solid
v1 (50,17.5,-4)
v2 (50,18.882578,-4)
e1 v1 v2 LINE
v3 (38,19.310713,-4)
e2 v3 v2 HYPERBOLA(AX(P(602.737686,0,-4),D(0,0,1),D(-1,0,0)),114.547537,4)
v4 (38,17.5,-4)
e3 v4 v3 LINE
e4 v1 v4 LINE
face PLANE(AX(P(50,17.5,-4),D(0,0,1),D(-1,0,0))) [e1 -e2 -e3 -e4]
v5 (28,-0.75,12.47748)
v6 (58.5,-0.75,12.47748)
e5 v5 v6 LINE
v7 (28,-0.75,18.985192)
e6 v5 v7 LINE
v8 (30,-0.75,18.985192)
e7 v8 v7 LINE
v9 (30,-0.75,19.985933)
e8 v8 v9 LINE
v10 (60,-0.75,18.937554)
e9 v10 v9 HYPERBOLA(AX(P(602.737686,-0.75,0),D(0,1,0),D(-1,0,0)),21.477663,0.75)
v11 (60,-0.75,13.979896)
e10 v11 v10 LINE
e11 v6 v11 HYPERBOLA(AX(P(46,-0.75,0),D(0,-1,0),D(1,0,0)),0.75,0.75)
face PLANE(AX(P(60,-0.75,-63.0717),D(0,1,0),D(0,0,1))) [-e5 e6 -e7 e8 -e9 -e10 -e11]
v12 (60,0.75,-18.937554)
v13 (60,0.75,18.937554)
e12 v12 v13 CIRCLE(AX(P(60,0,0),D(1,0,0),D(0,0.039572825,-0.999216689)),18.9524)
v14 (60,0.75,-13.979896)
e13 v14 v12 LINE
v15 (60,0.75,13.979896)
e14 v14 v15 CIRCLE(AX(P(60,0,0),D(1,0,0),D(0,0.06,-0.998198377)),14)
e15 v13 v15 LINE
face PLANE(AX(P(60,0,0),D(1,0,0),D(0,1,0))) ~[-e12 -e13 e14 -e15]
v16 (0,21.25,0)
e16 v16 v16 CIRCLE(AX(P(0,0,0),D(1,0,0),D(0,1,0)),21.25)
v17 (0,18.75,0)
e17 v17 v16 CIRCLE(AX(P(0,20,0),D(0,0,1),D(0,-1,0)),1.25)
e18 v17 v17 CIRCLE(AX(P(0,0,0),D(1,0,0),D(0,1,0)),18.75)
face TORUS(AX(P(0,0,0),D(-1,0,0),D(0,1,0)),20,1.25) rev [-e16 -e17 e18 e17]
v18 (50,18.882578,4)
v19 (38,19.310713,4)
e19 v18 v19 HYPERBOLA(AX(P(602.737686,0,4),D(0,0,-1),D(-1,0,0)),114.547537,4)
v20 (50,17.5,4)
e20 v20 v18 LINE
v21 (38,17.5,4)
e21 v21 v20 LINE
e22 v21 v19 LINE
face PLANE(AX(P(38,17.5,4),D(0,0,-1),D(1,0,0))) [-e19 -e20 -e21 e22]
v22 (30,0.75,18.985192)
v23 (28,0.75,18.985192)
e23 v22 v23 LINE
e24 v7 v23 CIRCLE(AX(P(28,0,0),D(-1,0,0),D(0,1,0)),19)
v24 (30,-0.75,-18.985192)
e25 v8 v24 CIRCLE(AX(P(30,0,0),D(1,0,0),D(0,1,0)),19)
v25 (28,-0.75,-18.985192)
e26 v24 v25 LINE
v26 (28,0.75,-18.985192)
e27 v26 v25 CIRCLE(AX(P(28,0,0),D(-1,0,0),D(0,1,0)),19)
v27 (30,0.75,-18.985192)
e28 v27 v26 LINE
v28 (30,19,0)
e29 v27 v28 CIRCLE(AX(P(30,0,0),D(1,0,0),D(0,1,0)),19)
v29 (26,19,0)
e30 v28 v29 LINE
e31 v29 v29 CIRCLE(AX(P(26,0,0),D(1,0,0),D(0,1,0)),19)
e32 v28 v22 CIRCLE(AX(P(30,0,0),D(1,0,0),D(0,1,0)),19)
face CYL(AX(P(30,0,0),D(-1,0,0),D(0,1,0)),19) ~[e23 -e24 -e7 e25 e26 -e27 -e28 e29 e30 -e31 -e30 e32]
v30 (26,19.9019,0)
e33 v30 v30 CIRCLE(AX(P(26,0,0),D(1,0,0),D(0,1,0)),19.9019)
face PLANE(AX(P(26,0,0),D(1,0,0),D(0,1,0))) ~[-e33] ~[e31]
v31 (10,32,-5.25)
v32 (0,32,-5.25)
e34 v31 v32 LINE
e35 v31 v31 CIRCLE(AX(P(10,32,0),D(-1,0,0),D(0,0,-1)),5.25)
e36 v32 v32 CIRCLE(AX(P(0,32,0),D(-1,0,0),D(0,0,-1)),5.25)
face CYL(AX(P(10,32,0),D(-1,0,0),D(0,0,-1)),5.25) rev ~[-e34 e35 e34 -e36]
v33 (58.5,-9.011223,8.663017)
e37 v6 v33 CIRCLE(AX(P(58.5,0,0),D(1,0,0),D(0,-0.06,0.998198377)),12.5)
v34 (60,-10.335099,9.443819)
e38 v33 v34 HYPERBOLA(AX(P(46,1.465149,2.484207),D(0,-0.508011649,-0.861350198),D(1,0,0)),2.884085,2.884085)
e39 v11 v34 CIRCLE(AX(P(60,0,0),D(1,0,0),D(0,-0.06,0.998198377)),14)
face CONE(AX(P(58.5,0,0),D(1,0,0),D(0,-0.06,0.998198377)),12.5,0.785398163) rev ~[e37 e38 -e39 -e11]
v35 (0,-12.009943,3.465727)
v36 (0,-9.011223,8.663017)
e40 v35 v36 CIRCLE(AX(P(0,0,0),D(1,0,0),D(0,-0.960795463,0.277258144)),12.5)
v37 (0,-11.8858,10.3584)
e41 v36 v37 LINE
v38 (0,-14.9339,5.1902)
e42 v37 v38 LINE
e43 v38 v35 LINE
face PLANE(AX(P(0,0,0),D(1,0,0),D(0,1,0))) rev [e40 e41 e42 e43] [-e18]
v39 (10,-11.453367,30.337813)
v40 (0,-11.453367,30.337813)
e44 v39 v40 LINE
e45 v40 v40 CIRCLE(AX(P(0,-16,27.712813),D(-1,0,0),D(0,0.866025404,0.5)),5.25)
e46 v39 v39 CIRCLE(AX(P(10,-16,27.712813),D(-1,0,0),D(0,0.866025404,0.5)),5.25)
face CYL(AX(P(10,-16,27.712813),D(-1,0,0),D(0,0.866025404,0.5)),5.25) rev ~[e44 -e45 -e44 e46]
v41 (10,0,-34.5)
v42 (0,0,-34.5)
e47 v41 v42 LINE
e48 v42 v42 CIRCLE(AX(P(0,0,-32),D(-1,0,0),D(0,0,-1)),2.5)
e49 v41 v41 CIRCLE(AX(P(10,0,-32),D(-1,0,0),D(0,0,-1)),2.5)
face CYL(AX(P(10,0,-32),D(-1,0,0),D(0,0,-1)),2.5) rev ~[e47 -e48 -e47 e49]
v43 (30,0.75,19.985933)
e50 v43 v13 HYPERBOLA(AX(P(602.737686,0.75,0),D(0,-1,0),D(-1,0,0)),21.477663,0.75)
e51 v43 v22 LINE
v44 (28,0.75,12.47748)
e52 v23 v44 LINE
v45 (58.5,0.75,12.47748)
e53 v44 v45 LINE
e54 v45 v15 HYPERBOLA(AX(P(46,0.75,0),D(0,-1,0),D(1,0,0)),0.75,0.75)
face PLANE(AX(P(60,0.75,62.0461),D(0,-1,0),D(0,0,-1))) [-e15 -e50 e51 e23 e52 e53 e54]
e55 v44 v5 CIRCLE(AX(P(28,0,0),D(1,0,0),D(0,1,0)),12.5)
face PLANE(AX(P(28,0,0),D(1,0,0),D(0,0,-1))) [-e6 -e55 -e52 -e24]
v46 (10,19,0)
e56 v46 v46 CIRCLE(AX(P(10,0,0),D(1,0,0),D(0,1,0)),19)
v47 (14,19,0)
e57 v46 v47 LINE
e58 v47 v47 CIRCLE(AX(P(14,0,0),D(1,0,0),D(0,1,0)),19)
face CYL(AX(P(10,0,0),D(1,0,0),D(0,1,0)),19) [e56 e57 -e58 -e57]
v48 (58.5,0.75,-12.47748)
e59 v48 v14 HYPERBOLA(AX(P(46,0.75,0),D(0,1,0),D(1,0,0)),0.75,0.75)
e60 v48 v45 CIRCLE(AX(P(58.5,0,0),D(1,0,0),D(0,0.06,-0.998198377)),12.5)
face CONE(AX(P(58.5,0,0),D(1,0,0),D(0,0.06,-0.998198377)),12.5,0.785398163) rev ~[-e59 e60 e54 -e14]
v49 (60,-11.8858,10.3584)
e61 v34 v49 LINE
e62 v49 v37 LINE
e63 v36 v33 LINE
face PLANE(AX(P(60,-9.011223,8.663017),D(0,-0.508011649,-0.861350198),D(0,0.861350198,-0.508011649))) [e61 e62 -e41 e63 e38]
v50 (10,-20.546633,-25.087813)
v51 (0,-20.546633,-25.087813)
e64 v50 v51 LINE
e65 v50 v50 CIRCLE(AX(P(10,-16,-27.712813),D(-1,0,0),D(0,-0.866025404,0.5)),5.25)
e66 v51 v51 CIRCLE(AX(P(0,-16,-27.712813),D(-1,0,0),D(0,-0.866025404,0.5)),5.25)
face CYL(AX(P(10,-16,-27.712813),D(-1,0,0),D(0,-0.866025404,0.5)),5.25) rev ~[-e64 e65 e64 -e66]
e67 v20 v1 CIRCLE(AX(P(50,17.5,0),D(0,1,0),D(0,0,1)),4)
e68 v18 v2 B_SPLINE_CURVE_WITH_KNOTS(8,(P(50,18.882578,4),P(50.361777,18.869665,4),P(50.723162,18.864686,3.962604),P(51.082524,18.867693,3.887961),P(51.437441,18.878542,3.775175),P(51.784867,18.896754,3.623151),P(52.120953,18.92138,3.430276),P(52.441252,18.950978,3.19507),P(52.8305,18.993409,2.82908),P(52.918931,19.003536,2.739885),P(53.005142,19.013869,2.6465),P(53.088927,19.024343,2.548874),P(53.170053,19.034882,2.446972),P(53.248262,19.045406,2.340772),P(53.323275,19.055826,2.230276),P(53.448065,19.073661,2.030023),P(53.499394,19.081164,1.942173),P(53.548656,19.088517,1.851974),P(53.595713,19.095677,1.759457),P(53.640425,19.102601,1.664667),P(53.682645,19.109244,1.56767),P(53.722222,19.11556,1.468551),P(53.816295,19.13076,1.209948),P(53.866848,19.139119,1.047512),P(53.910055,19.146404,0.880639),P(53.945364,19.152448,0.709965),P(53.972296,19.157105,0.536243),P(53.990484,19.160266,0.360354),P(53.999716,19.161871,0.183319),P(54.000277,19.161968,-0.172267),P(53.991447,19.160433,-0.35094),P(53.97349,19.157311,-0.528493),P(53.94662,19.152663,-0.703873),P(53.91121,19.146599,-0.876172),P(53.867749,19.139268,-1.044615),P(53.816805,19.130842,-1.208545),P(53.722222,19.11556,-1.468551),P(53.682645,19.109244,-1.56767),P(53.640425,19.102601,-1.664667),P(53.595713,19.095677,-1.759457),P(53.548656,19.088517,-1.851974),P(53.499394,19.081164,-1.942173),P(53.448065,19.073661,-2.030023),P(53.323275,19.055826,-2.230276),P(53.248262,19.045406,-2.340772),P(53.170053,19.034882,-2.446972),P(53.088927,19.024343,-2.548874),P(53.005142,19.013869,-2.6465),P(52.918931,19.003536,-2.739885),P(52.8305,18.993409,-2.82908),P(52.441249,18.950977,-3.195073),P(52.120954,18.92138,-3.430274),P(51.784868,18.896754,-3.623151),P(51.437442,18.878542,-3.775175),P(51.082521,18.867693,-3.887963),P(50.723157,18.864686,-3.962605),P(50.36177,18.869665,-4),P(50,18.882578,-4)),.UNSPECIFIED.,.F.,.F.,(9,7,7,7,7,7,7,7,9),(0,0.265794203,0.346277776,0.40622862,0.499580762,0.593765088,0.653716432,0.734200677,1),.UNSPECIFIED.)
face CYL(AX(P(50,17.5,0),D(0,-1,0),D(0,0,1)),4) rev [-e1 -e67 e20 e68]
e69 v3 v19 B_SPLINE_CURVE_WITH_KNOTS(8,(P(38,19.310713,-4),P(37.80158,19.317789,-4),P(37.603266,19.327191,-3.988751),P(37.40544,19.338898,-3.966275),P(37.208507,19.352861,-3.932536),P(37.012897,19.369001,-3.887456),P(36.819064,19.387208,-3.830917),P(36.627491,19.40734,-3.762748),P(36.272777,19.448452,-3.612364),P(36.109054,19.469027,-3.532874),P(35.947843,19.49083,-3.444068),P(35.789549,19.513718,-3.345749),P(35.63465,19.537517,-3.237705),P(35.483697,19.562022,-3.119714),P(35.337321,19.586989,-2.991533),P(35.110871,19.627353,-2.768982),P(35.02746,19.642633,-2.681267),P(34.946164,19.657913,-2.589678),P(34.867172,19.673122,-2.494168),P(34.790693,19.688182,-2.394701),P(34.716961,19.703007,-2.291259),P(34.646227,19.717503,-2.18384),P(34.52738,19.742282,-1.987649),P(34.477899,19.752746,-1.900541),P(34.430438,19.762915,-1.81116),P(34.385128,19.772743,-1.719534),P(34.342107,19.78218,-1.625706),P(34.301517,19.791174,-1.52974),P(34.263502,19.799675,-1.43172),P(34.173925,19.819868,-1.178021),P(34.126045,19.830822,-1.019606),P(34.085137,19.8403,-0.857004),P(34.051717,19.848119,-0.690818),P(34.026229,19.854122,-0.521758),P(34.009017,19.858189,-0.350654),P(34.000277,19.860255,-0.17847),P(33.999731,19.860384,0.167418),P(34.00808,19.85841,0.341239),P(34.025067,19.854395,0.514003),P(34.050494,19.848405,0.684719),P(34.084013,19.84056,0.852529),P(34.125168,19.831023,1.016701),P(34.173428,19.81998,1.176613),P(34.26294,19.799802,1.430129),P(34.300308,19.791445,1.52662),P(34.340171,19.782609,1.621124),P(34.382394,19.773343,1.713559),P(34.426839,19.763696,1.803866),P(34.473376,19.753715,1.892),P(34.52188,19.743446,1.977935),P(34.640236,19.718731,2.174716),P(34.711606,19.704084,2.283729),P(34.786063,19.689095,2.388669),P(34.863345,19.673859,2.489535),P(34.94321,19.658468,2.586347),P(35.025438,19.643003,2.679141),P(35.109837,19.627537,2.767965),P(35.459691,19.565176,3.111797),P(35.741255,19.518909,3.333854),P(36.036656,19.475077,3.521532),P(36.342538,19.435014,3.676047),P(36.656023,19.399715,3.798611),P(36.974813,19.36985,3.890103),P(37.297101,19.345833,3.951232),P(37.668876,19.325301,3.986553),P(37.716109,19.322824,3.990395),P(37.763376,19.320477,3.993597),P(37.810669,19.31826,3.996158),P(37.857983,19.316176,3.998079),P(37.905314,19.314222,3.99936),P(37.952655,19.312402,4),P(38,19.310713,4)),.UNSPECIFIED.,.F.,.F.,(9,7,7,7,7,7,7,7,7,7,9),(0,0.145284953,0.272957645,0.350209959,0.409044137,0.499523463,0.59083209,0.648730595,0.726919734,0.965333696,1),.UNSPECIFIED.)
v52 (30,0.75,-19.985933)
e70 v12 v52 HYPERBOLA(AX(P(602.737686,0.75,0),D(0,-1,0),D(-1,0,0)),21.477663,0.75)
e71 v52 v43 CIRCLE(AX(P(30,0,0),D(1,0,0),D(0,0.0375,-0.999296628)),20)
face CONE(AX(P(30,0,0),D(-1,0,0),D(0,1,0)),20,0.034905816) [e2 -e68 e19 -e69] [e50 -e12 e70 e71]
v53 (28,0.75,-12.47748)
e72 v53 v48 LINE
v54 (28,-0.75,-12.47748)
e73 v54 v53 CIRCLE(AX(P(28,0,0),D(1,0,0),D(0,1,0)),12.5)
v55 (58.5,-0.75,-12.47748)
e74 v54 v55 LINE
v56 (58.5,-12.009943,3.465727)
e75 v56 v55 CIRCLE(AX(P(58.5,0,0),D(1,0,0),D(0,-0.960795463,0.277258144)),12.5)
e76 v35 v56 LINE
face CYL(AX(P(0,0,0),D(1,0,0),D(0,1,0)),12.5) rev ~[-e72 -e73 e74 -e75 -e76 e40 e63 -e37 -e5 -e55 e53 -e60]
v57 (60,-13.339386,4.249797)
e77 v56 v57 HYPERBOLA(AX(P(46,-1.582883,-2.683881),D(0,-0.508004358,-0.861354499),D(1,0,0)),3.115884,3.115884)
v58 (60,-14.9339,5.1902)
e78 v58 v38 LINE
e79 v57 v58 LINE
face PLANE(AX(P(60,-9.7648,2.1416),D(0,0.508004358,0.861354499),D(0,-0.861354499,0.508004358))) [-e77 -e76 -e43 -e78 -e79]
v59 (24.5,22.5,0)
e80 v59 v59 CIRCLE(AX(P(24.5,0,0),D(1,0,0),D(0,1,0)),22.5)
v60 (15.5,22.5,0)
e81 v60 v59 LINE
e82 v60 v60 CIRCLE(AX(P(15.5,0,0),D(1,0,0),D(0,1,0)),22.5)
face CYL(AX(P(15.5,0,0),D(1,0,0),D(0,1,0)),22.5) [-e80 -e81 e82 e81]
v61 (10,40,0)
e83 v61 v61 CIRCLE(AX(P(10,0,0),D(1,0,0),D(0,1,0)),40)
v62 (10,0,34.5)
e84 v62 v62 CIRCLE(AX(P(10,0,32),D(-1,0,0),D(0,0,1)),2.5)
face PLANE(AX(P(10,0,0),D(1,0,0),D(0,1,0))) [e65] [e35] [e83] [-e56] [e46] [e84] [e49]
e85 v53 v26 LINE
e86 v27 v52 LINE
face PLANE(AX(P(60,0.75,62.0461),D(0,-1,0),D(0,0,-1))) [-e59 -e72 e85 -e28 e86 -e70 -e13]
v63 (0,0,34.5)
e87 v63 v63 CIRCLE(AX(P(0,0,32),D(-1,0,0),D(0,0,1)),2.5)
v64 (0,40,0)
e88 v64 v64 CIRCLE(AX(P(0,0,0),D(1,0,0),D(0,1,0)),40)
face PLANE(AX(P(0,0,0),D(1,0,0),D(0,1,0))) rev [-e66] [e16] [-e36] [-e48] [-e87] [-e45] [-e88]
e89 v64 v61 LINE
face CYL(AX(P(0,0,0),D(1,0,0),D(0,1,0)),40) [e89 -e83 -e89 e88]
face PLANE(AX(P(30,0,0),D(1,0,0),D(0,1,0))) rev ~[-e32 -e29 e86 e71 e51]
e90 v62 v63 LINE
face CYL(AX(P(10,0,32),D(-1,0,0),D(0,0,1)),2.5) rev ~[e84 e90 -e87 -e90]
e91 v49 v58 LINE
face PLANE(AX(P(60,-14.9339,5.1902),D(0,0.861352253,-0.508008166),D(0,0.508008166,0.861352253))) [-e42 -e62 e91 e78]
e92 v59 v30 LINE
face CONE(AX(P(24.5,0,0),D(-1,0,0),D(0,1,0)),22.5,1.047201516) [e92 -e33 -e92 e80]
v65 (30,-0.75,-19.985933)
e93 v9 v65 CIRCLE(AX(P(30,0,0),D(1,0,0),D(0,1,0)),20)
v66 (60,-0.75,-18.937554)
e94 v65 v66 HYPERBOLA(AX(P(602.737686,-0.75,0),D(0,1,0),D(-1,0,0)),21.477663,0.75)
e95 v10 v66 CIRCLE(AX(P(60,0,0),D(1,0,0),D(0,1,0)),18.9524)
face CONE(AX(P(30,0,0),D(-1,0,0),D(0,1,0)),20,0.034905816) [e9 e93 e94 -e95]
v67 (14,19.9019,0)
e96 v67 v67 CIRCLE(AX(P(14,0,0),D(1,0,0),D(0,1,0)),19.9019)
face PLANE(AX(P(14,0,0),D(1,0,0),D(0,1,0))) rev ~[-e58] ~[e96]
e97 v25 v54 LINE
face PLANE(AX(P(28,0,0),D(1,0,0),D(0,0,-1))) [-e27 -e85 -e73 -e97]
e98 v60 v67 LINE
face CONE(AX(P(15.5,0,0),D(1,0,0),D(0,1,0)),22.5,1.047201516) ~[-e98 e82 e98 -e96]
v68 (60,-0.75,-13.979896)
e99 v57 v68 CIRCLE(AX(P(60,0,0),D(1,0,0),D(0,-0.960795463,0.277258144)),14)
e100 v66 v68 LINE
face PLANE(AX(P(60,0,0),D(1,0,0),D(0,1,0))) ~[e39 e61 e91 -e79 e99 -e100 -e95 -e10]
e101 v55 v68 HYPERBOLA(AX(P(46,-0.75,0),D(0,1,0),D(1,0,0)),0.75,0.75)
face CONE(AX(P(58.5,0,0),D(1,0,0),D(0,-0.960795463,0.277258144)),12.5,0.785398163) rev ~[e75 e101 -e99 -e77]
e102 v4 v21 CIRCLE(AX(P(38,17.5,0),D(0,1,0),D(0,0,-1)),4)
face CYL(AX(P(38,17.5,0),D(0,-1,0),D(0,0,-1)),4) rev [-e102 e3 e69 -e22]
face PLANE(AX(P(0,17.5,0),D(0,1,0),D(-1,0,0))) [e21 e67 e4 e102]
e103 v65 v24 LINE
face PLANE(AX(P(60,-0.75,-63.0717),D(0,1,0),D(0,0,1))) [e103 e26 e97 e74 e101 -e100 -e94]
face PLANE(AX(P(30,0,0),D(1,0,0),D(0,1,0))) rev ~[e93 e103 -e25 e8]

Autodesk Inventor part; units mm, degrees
ref_plane "YZ Plane" through (0, 0, 0) normal (1, 0, 0) x (0, 1, 0)
ref_plane "XY Plane" through (0, 0, 0) normal (0, 0, 1) x (1, 0, 0)
sketch "Sketch1" plane through (0, 0, 0) normal (0, 0, 1) x (1, 0, 0)
  line L0 (0, 0) -> (60, 0)
  line L1 (0, 0) -> (0, 12.5) construction
  line L2 (0, 40) -> (10, 40)
  line L3 (10, 40) -> (10, 19)
  line L4 (10, 19) -> (14, 19)
  line L5 (0, 12.5) -> (60, 12.5)
  line L6 (60, 12.5) -> (60, 18.9524)
  line L7 (30, 20) -> (30, 19)
  line L8 (30, 19) -> (26, 19)
  line L9 (26, 19) -> (26, 19.9019)
  line L10 (14, 19.9019) -> (14, 19)
  line L11 (15.5, 22.5) -> (14, 19.9019)
  line L12 (15.5, 22.5) -> (24.5, 22.5)
  line L13 (24.5, 22.5) -> (26, 19.9019)
  line L14 (30, 20) -> (60, 18.9524)
  line L15 (30, 20) -> (60.0183, 20) construction
  arc A0 (0, 18.75) -> (0, 21.25) centre (0, 20) ccw
  line L16 (0, 12.5) -> (0, 18.75)
  line L17 (0, 21.25) -> (0, 40)
  dimension "d0" = 60
  dimension "d1" = 12.5
  dimension "d2" = 27.5
  dimension "d3" = 10
  dimension "d4" = 21
  dimension "d5" = 4
  dimension "d9" = 4
  dimension "d11" = 1
  dimension "d20" = 1.5
  dimension "d21" = 60
  dimension "d22" = 1.5
  dimension "d23" = 60
  dimension "d25" = 0.9019
  dimension "d26" = 0.9019
  dimension "d28" = 60
  dimension "d29" = 2
  dimension "d30" = 7.5
  dimension "d31" = 9
  dimension "d32" = 2.5
  dimension "d33" = 40
revolve "Revolution1" add sketch "Sketch1" angle 360 about axis through (0, 0, 0) along (1, 0, 0)
sketch "Sketch2" plane through (10, 0, 0) normal (1, 0, 0) x (0, 0, -1)
  point P0 (0, 0)
  point P1 (0, 32)
hole "Hole1" at (10, 32, 0) direction (-1, 0, 0) diameter 10.5 end through all
pattern_circular "Circular Pattern1" count 3 over 360 about axis through (30, 0, 0) along (1, 0, 0) of "Hole1"
sketch "Sketch3" plane through (10, 0, 0) normal (1, 0, 0) x (0, 0, -1)
  point P0 (0, 0)
  point P1 (0, 0)
  point P2 (32, 0)
hole "Hole2" at (10, 0, 0) at (10, 0, -32) direction (-1, 0, 0) diameter 5 end through all
pattern_circular "Circular Pattern2" count 2 over 360 about axis through (30, 0, 0) along (1, 0, 0) of "Hole2"
sketch "Sketch4" plane through (60, 0, 0) normal (1, 0, 0) x (0, 0, -1)
  line L0 (-62.0461, 0.75) -> (63.0717, 0.75)
  line L1 (63.0717, 0.75) -> (63.0717, -0.75)
  line L2 (63.0717, -0.75) -> (-62.0461, -0.75)
  line L3 (-62.0461, -0.75) -> (-62.0461, 0.75)
  point P0 (0, 0)
  dimension "d55" = 1.5
  dimension "d56" = 0.75
extrude "Extrusion1" cut sketch "Sketch4" against normal blind 32
sketch "Sketch5" plane through (60, 0, 0) normal (1, 0, 0) x (0, 0, -1)
  line L0 (0, 0) -> (-26.5, -45.8993)
  line L1 (0, 0) -> (53, 0) construction
  line L2 (-2.1416, -9.7648) -> (-5.1902, -14.9339)
  line L3 (-5.1902, -14.9339) -> (-10.3584, -11.8858)
  line L4 (-10.3584, -11.8858) -> (-7.3098, -6.7168)
  line L5 (-7.3098, -6.7168) -> (-2.1416, -9.7648)
  circle A0 centre (0, 0) radius 12.5 projected
  line L6 (-2.1416, -9.7648) -> (-10.3584, -11.8858) construction
  line L7 (-5.1902, -14.9339) -> (-7.3098, -6.7168) construction
  point P0 (-6.25, -10.8253)
  dimension "d59" = 53
  dimension "d60" = 120
  dimension "d61" = 6
  dimension "d62" = 15.5
extrude "Extrusion2" cut sketch "Sketch5" against normal through all contours L5 L2 A0 L0 | L0 A0 L4 L5 | A0 L2 L3 L0 | L0 L3 L4 A0
chamfer "Chamfer1" distance 1.5 angle 45 3 edges at (60, -5.24, 11.3487) (60, 12.5, 0) (60, -10.2103, -7.2111)
thread "Thread1" size "M45x1.5" class "6g" standard "ISO Metric profile" full length
ref_plane "Work Plane1" through (0, 17.5, 0) normal (0, 1, 0) x (-1, 0, 0)
sketch "Sketch6" plane through (0, 17.5, 0) normal (0, 1, 0) x (-1, 0, 0)
  line L0 (-38, 0) -> (-50, 0) construction
  line L1 (-38, 4) -> (-50, 4)
  line L2 (-50, -4) -> (-38, -4)
  arc A0 (-38, -4) -> (-38, 4) centre (-38, 0) ccw
  arc A1 (-50, 4) -> (-50, -4) centre (-50, 0) ccw
  point P0 (0, 0)
  point P1 (-44, 0)
  dimension "d71" = 8
  dimension "d72" = 38
  dimension "d73" = 50
extrude "Extrusion3" cut sketch "Sketch6" along normal blind 26.5
equation "\"d56\" = 0.5 * d55"
equation "\"d22\" = d20"
equation "\"d23\" = d21"
equation "\"d26\" = d25"
properties part number "Spannhylsa_2015_HT1"
